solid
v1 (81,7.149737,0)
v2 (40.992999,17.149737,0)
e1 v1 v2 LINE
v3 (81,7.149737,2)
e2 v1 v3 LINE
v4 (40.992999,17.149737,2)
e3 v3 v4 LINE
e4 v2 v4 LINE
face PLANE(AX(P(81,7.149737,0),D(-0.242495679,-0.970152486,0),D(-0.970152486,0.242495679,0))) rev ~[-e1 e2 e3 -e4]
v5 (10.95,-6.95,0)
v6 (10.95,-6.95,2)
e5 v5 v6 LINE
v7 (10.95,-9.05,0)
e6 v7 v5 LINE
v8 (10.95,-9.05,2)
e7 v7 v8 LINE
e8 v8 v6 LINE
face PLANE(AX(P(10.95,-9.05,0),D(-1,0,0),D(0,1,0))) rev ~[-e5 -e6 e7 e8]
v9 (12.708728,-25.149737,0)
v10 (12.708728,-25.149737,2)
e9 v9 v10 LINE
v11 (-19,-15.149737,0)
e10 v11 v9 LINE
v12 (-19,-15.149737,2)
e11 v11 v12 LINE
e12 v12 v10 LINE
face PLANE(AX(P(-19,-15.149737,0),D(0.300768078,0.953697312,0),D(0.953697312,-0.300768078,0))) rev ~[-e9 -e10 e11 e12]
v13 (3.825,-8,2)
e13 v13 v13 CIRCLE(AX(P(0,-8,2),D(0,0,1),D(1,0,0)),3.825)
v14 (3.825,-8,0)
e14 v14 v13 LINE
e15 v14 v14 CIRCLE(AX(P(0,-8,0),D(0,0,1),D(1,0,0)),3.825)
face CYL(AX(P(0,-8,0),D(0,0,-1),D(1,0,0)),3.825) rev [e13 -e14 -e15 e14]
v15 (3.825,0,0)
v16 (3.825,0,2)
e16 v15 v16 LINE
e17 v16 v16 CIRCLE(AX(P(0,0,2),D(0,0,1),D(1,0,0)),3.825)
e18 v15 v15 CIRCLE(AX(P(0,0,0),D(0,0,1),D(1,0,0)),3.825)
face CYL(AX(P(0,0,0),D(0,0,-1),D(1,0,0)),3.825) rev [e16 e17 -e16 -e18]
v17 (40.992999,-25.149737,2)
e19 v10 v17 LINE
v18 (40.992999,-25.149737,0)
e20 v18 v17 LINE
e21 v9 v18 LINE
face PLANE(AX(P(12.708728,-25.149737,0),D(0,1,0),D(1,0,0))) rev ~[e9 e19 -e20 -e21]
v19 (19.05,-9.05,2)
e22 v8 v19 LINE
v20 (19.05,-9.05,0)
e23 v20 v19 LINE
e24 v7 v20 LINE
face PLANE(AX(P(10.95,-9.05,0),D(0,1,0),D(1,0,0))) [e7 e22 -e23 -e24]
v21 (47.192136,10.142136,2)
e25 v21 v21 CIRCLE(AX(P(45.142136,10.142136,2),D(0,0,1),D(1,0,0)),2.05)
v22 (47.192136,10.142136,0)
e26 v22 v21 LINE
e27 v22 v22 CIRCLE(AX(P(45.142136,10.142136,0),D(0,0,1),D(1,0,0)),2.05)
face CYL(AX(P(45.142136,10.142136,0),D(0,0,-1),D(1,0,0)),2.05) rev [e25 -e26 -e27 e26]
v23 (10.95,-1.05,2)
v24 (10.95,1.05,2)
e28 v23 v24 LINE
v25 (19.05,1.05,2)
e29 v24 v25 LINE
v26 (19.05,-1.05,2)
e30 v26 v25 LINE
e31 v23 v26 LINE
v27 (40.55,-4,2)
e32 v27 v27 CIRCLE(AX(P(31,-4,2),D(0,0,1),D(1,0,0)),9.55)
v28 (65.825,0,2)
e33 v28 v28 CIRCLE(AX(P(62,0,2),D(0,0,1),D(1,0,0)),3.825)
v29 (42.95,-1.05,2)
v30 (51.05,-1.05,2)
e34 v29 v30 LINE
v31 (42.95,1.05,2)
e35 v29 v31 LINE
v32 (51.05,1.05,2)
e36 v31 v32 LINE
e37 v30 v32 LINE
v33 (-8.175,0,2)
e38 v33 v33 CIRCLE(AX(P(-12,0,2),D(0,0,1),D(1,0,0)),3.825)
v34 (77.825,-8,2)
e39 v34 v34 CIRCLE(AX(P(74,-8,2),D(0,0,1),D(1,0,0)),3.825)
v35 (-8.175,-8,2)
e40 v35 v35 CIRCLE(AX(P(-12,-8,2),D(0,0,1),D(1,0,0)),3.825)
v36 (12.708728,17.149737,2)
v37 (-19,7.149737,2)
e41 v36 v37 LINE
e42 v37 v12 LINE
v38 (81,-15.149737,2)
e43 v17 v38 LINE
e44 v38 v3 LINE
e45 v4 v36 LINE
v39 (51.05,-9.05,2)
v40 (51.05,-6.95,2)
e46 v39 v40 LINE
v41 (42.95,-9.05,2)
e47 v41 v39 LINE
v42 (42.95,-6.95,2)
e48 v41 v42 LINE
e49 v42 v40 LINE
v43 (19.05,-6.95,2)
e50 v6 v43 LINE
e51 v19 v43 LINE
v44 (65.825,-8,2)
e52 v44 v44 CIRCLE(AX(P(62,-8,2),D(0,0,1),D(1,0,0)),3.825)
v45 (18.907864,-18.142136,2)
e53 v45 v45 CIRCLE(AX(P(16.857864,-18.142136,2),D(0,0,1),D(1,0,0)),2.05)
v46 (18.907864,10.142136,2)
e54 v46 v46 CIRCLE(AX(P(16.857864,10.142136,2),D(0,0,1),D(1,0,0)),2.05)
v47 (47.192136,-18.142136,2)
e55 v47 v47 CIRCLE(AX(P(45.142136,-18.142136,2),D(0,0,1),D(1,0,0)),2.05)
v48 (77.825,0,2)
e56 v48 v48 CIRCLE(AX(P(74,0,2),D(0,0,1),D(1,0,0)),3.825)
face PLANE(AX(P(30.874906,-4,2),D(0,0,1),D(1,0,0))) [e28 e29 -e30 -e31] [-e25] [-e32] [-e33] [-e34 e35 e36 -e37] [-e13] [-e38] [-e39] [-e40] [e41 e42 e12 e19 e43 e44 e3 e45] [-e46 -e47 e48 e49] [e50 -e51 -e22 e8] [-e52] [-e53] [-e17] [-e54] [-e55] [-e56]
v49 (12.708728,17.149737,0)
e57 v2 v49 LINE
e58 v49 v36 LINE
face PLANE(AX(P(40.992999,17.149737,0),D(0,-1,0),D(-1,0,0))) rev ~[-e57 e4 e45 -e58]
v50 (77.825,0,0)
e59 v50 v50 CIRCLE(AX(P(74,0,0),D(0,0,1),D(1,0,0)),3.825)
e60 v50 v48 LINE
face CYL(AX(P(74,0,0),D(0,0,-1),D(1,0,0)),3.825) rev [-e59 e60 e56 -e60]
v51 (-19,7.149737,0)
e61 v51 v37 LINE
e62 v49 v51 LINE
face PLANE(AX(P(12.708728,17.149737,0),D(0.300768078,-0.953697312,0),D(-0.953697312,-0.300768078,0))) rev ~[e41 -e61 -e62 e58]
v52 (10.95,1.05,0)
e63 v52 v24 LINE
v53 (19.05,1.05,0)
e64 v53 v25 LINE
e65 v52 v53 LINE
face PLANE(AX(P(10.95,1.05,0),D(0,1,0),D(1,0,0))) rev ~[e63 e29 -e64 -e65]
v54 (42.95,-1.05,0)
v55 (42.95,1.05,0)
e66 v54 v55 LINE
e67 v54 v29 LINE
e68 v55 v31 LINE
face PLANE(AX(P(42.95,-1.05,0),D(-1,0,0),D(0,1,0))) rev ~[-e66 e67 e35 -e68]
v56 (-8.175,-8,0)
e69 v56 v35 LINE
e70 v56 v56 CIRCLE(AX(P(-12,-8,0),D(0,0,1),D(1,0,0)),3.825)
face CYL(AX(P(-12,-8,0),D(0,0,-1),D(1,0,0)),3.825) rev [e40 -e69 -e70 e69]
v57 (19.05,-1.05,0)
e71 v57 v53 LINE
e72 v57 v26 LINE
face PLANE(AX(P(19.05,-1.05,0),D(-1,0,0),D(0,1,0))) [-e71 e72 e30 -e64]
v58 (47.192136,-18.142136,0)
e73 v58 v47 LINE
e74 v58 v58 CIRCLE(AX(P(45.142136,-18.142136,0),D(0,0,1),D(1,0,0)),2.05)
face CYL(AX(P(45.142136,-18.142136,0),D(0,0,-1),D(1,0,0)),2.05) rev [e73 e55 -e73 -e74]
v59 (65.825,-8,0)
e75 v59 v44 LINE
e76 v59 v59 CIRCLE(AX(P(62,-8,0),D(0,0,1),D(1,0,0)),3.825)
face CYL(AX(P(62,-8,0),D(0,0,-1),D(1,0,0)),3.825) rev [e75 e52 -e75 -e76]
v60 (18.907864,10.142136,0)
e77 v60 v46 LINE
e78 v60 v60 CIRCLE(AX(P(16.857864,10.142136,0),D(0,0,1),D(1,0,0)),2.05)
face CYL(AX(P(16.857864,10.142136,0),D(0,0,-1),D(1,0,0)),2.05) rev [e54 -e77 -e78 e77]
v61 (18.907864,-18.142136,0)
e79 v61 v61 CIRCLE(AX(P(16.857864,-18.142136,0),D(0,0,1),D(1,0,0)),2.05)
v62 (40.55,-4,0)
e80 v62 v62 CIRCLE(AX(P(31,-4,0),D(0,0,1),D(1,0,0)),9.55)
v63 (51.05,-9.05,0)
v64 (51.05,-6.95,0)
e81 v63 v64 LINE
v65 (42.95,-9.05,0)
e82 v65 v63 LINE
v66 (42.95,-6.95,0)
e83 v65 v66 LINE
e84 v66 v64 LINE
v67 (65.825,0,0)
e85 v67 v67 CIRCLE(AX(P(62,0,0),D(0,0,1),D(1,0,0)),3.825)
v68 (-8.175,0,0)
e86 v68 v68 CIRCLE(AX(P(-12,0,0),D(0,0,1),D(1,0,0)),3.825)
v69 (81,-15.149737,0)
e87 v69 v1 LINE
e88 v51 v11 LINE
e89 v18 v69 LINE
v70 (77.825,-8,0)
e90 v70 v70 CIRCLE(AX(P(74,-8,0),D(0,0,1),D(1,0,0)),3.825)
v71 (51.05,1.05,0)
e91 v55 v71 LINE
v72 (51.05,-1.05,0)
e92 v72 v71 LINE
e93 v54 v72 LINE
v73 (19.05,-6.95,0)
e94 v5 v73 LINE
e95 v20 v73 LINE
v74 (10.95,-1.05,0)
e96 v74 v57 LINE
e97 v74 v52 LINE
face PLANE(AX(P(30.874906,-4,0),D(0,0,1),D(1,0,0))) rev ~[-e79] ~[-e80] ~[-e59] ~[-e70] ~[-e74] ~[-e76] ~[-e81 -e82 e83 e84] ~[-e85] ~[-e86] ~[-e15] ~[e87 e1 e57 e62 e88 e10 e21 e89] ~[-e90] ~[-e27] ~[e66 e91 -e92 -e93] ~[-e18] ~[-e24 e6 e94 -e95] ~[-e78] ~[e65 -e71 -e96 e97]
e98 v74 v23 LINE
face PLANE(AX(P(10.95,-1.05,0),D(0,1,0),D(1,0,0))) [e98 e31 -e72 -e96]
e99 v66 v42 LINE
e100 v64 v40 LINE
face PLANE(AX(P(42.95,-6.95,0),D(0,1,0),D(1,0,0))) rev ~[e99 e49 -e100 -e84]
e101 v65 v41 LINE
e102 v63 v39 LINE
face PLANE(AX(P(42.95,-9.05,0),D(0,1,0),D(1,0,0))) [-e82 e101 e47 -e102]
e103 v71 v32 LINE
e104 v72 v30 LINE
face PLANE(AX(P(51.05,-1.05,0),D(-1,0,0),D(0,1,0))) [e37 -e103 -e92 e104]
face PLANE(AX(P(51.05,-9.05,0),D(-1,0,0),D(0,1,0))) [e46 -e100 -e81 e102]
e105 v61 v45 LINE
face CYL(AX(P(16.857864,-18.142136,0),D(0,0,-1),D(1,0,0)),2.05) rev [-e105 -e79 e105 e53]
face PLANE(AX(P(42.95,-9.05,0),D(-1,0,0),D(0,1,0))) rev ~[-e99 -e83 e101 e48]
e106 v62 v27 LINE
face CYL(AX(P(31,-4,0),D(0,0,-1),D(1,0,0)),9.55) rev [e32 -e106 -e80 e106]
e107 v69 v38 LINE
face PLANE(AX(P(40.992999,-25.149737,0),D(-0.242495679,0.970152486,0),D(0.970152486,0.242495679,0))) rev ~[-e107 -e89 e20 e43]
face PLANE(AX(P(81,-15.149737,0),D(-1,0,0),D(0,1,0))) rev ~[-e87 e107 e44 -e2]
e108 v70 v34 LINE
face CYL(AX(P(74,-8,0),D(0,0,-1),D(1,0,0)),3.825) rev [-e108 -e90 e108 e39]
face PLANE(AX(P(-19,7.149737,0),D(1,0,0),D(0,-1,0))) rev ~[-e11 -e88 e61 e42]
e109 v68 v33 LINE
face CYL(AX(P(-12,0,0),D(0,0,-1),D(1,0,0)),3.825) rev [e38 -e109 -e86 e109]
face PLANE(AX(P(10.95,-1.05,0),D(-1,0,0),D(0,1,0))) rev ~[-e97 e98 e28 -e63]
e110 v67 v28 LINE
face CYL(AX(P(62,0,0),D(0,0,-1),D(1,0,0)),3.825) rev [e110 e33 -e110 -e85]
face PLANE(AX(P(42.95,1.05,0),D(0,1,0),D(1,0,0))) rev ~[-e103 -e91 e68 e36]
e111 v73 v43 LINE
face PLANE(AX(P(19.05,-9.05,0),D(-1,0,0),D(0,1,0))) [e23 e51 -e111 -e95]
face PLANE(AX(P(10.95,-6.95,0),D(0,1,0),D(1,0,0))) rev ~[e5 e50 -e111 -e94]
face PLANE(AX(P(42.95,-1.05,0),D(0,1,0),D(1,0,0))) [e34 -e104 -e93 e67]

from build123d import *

# Parameters (mm, degrees)
SKETCH_1_R      = 3.825
SKETCH_1_R_2    = 2.05
SKETCH_1_R_3    = 9.55
SKETCH_1_W      = 8.1
SKETCH_1_H      = 2.1
EXTRUDE_1_DEPTH = 2


with BuildPart() as part:
    # 草图1 → 凸台-拉伸1 (new body)
    with BuildSketch(Plane.XY):
        Polygon((81, -15.149736791), (81, 7.149736791), (40.992999038, 17.149736791), (12.70872779, 17.149736791), (-19, 7.149736791), (-19, -15.149736791), (12.70872779, -25.149736791), (40.992999038, -25.149736791), align=None)
        Circle(SKETCH_1_R, mode=Mode.SUBTRACT)
        with Locations((62, 0)):
            Circle(SKETCH_1_R, mode=Mode.SUBTRACT)
        with Locations((62, -8)):
            Circle(SKETCH_1_R, mode=Mode.SUBTRACT)
        with Locations((0, -8)):
            Circle(SKETCH_1_R, mode=Mode.SUBTRACT)
        with Locations((45.142135624, 10.142135624)):
            Circle(SKETCH_1_R_2, mode=Mode.SUBTRACT)
        with Locations((45.142135624, -18.142135624)):
            Circle(SKETCH_1_R_2, mode=Mode.SUBTRACT)
        with Locations((16.857864376, -18.142135624)):
            Circle(SKETCH_1_R_2, mode=Mode.SUBTRACT)
        with Locations((16.857864376, 10.142135624)):
            Circle(SKETCH_1_R_2, mode=Mode.SUBTRACT)
        with Locations((74, 0)):
            Circle(SKETCH_1_R, mode=Mode.SUBTRACT)
        with Locations((74, -8)):
            Circle(SKETCH_1_R, mode=Mode.SUBTRACT)
        with Locations((-12, -8)):
            Circle(SKETCH_1_R, mode=Mode.SUBTRACT)
        with Locations((-12, 0)):
            Circle(SKETCH_1_R, mode=Mode.SUBTRACT)
        with Locations((31, -4)):
            Circle(SKETCH_1_R_3, mode=Mode.SUBTRACT)
        with Locations((15, 0)):
            Rectangle(SKETCH_1_W, SKETCH_1_H, mode=Mode.SUBTRACT)
        with Locations((47, 0)):
            Rectangle(SKETCH_1_W, SKETCH_1_H, mode=Mode.SUBTRACT)
        with Locations((47, -8)):
            Rectangle(SKETCH_1_W, SKETCH_1_H, mode=Mode.SUBTRACT)
        with Locations((15, -8)):
            Rectangle(SKETCH_1_W, SKETCH_1_H, mode=Mode.SUBTRACT)
    extrude(amount=EXTRUDE_1_DEPTH)


solid = part.part
